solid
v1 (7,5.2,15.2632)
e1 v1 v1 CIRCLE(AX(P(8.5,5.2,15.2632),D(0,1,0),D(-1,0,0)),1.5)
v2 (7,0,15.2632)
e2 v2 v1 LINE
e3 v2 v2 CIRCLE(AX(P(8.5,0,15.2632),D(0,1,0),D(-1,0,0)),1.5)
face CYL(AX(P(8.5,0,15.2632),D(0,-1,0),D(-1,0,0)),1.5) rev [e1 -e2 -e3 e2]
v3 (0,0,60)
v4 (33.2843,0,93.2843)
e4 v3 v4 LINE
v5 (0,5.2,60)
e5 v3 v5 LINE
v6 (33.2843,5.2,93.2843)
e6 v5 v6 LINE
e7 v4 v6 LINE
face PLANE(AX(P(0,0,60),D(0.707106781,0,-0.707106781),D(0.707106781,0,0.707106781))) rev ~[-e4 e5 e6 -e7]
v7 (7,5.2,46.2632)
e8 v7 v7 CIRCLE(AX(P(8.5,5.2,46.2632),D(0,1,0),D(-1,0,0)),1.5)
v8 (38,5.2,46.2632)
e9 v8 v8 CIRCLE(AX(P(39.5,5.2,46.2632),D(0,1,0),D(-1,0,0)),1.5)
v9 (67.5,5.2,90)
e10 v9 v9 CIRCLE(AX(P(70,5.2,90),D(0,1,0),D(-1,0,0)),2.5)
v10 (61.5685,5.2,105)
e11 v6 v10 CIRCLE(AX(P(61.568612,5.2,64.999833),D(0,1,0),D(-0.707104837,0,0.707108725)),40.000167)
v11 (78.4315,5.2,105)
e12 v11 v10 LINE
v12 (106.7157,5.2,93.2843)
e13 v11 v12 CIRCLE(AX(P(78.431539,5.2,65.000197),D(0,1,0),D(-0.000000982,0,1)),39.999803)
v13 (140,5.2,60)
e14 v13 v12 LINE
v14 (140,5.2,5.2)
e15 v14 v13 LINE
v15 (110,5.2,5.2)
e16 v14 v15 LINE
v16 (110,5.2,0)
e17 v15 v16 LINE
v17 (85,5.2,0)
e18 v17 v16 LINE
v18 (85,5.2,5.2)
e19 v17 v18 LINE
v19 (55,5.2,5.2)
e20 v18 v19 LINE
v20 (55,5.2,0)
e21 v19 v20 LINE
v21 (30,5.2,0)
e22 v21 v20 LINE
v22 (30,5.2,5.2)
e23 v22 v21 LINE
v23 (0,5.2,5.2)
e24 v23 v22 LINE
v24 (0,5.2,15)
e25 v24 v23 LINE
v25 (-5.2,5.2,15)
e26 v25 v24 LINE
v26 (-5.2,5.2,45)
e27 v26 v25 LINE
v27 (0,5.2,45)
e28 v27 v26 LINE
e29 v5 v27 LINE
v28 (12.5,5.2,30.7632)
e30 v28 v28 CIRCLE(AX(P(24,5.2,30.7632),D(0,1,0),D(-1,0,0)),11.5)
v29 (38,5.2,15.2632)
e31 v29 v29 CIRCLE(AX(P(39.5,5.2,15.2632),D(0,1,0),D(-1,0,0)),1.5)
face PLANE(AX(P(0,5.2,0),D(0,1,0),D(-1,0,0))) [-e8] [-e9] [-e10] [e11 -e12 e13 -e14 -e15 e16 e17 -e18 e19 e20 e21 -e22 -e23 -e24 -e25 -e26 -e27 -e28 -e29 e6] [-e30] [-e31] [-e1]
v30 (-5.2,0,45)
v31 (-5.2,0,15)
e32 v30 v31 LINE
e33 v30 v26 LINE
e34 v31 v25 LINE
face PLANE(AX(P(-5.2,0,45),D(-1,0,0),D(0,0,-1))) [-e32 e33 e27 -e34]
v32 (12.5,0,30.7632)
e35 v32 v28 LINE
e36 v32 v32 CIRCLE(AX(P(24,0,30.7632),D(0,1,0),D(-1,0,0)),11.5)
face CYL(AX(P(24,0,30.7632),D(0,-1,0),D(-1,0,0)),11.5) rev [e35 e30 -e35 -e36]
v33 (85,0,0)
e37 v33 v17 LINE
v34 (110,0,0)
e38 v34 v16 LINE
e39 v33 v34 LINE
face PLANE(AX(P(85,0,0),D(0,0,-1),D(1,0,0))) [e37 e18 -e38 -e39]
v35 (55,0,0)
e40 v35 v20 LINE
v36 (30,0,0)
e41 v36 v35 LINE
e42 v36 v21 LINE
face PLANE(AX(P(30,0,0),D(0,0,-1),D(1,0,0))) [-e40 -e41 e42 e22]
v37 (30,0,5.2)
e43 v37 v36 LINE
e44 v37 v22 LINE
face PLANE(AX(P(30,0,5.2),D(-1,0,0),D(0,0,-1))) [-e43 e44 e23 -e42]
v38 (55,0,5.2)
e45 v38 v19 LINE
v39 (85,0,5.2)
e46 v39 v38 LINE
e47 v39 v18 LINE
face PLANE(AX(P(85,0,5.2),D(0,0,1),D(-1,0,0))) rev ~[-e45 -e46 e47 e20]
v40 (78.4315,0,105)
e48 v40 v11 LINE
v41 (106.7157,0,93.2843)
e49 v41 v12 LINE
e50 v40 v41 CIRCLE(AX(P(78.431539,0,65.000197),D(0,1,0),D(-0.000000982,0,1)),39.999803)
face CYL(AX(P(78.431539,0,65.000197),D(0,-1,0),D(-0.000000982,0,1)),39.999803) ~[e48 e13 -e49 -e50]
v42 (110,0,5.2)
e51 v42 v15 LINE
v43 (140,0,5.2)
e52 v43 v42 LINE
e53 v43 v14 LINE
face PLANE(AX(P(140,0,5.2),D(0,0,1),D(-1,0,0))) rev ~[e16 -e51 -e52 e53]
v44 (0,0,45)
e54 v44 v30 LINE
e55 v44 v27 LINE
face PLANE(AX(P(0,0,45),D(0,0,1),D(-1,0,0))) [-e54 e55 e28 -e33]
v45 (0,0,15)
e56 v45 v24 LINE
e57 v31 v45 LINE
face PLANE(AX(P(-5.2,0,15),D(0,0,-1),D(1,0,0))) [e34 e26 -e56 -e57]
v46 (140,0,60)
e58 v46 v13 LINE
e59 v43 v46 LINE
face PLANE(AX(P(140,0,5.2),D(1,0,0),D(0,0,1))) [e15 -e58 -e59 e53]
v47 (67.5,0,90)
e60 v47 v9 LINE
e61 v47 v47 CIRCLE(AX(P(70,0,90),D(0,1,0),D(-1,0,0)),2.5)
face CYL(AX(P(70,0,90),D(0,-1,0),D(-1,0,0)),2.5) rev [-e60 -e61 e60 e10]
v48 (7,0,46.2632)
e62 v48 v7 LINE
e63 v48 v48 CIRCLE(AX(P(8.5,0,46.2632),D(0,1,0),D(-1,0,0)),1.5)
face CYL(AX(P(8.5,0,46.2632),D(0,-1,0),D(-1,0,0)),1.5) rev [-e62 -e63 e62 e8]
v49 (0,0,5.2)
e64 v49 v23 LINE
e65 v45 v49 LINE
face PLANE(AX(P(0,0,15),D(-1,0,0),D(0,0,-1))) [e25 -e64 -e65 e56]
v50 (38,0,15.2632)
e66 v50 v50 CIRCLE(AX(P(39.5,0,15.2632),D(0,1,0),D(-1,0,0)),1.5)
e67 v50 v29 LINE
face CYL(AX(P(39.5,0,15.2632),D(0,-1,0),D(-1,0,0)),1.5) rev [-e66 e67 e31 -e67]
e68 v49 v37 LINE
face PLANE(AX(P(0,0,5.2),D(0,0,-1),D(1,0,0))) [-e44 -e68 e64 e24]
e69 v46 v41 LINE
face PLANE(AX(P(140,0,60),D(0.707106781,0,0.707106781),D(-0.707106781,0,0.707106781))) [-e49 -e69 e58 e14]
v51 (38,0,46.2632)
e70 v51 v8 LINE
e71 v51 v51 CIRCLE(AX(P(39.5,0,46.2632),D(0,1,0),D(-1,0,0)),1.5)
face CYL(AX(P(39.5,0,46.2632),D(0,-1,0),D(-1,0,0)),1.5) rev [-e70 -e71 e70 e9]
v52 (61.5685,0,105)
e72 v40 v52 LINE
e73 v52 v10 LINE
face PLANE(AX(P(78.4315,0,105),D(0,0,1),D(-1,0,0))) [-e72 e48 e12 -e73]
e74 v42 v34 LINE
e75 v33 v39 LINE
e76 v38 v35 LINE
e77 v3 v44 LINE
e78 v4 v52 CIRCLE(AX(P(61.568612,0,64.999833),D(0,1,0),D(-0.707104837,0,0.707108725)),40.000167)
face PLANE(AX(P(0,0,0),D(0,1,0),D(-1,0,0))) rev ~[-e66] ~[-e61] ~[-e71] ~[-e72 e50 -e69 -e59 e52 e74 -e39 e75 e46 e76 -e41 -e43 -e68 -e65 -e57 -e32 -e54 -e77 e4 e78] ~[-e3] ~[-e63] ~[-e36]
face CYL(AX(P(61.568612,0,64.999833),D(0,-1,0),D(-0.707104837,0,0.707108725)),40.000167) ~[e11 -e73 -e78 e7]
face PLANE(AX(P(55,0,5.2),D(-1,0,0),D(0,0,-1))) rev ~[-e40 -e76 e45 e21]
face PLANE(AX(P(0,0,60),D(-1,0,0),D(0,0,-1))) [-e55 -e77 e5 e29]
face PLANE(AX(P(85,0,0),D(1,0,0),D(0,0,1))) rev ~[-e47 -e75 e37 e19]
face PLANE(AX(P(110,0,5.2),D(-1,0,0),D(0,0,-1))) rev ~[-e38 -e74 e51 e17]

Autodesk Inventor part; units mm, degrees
ref_plane "YZ Plane" through (0, 0, 0) normal (1, 0, 0) x (0, 1, 0)
ref_plane "XZ Plane" through (0, 0, 0) normal (0, 1, 0) x (-1, 0, 0)
ref_plane "XY Plane" through (0, 0, 0) normal (0, 0, 1) x (1, 0, 0)
sketch "Sketch1" plane through (0, 0, 0) normal (0, 1, 0) x (-1, 0, 0)
  line L0 (0, 0) -> (-140, 0)
  line L1 (-140, 0) -> (-140, 60)
  line L2 (-78.4315, 105) -> (-61.5685, 105)
  line L3 (0, 60) -> (-33.2843, 93.2843)
  line L4 (-140, 60) -> (-106.7157, 93.2843)
  arc A0 (-33.2843, 93.2843) -> (-61.5685, 105) centre (-61.5685, 65) ccw
  arc A1 (-78.4315, 105) -> (-106.7157, 93.2843) centre (-78.4315, 65) ccw
  circle A2 centre (-70, 90) radius 2.5
  line L5 (-85, 0) -> (-85, 5.2)
  line L6 (-85, 5.2) -> (-55, 5.2)
  line L7 (-55, 5.2) -> (-55, 0)
  circle A3 centre (-24, 30.7632) radius 11.5
  circle A4 centre (-39.5, 46.2632) radius 1.5
  circle A5 centre (-39.5, 15.2632) radius 1.5
  circle A6 centre (-8.5, 15.2632) radius 1.5
  circle A7 centre (-8.5, 46.2632) radius 1.5
  line L8 (-30, 0) -> (0, 0)
  line L9 (0, 0) -> (0, 5.2)
  line L10 (0, 5.2) -> (-30, 5.2)
  line L11 (-30, 5.2) -> (-30, 0)
  line L12 (-110, 0) -> (-140, 0)
  line L13 (-140, 0) -> (-140, 5.2)
  line L14 (-140, 5.2) -> (-110, 5.2)
  line L15 (-110, 5.2) -> (-110, 0)
  line L16 (0, 45) -> (5.2, 45)
  line L17 (5.2, 45) -> (5.2, 15)
  line L18 (5.2, 15) -> (0, 15)
  line L19 (0, 60) -> (0, 45)
  line L20 (0, 15) -> (0, 0)
  point P0 (-45, 105)
  point P1 (-95, 105)
  point P2 (-70, 105)
  dimension "d0" = 140
  dimension "d1" = 60
  dimension "d3" = 135
  dimension "d4" = 50
  dimension "d5" = 40
  dimension "d8" = 5
  dimension "d12" = 90
  dimension "d13" = 30
  dimension "d14" = 15
  dimension "d15" = 5.2
  dimension "d16" = 23
  dimension "d17" = 75
  dimension "d18" = 3
  dimension "d19" = 15.5
  dimension "d20" = 15.5
  dimension "d23" = 360
  dimension "d25" = 30
  dimension "d26" = 5.2
  dimension "d28" = 30
  dimension "d29" = 5.2
  dimension "d35" = 30
  dimension "d36" = 15
  dimension "d37" = 24
  dimension "d38" = 15
  dimension "d39" = 5.2
  dimension "d40" = 5.2
  dimension "d41" = 70
extrude "Extrusion3" add sketch "Sketch1" along normal blind 5.2 contours L0 L7 L6 L5 L15 L14 L1 L4 A1 L2 A0 L3 L19 L16 L17 L18 L20 L10 L11
properties part number "side Plate"
